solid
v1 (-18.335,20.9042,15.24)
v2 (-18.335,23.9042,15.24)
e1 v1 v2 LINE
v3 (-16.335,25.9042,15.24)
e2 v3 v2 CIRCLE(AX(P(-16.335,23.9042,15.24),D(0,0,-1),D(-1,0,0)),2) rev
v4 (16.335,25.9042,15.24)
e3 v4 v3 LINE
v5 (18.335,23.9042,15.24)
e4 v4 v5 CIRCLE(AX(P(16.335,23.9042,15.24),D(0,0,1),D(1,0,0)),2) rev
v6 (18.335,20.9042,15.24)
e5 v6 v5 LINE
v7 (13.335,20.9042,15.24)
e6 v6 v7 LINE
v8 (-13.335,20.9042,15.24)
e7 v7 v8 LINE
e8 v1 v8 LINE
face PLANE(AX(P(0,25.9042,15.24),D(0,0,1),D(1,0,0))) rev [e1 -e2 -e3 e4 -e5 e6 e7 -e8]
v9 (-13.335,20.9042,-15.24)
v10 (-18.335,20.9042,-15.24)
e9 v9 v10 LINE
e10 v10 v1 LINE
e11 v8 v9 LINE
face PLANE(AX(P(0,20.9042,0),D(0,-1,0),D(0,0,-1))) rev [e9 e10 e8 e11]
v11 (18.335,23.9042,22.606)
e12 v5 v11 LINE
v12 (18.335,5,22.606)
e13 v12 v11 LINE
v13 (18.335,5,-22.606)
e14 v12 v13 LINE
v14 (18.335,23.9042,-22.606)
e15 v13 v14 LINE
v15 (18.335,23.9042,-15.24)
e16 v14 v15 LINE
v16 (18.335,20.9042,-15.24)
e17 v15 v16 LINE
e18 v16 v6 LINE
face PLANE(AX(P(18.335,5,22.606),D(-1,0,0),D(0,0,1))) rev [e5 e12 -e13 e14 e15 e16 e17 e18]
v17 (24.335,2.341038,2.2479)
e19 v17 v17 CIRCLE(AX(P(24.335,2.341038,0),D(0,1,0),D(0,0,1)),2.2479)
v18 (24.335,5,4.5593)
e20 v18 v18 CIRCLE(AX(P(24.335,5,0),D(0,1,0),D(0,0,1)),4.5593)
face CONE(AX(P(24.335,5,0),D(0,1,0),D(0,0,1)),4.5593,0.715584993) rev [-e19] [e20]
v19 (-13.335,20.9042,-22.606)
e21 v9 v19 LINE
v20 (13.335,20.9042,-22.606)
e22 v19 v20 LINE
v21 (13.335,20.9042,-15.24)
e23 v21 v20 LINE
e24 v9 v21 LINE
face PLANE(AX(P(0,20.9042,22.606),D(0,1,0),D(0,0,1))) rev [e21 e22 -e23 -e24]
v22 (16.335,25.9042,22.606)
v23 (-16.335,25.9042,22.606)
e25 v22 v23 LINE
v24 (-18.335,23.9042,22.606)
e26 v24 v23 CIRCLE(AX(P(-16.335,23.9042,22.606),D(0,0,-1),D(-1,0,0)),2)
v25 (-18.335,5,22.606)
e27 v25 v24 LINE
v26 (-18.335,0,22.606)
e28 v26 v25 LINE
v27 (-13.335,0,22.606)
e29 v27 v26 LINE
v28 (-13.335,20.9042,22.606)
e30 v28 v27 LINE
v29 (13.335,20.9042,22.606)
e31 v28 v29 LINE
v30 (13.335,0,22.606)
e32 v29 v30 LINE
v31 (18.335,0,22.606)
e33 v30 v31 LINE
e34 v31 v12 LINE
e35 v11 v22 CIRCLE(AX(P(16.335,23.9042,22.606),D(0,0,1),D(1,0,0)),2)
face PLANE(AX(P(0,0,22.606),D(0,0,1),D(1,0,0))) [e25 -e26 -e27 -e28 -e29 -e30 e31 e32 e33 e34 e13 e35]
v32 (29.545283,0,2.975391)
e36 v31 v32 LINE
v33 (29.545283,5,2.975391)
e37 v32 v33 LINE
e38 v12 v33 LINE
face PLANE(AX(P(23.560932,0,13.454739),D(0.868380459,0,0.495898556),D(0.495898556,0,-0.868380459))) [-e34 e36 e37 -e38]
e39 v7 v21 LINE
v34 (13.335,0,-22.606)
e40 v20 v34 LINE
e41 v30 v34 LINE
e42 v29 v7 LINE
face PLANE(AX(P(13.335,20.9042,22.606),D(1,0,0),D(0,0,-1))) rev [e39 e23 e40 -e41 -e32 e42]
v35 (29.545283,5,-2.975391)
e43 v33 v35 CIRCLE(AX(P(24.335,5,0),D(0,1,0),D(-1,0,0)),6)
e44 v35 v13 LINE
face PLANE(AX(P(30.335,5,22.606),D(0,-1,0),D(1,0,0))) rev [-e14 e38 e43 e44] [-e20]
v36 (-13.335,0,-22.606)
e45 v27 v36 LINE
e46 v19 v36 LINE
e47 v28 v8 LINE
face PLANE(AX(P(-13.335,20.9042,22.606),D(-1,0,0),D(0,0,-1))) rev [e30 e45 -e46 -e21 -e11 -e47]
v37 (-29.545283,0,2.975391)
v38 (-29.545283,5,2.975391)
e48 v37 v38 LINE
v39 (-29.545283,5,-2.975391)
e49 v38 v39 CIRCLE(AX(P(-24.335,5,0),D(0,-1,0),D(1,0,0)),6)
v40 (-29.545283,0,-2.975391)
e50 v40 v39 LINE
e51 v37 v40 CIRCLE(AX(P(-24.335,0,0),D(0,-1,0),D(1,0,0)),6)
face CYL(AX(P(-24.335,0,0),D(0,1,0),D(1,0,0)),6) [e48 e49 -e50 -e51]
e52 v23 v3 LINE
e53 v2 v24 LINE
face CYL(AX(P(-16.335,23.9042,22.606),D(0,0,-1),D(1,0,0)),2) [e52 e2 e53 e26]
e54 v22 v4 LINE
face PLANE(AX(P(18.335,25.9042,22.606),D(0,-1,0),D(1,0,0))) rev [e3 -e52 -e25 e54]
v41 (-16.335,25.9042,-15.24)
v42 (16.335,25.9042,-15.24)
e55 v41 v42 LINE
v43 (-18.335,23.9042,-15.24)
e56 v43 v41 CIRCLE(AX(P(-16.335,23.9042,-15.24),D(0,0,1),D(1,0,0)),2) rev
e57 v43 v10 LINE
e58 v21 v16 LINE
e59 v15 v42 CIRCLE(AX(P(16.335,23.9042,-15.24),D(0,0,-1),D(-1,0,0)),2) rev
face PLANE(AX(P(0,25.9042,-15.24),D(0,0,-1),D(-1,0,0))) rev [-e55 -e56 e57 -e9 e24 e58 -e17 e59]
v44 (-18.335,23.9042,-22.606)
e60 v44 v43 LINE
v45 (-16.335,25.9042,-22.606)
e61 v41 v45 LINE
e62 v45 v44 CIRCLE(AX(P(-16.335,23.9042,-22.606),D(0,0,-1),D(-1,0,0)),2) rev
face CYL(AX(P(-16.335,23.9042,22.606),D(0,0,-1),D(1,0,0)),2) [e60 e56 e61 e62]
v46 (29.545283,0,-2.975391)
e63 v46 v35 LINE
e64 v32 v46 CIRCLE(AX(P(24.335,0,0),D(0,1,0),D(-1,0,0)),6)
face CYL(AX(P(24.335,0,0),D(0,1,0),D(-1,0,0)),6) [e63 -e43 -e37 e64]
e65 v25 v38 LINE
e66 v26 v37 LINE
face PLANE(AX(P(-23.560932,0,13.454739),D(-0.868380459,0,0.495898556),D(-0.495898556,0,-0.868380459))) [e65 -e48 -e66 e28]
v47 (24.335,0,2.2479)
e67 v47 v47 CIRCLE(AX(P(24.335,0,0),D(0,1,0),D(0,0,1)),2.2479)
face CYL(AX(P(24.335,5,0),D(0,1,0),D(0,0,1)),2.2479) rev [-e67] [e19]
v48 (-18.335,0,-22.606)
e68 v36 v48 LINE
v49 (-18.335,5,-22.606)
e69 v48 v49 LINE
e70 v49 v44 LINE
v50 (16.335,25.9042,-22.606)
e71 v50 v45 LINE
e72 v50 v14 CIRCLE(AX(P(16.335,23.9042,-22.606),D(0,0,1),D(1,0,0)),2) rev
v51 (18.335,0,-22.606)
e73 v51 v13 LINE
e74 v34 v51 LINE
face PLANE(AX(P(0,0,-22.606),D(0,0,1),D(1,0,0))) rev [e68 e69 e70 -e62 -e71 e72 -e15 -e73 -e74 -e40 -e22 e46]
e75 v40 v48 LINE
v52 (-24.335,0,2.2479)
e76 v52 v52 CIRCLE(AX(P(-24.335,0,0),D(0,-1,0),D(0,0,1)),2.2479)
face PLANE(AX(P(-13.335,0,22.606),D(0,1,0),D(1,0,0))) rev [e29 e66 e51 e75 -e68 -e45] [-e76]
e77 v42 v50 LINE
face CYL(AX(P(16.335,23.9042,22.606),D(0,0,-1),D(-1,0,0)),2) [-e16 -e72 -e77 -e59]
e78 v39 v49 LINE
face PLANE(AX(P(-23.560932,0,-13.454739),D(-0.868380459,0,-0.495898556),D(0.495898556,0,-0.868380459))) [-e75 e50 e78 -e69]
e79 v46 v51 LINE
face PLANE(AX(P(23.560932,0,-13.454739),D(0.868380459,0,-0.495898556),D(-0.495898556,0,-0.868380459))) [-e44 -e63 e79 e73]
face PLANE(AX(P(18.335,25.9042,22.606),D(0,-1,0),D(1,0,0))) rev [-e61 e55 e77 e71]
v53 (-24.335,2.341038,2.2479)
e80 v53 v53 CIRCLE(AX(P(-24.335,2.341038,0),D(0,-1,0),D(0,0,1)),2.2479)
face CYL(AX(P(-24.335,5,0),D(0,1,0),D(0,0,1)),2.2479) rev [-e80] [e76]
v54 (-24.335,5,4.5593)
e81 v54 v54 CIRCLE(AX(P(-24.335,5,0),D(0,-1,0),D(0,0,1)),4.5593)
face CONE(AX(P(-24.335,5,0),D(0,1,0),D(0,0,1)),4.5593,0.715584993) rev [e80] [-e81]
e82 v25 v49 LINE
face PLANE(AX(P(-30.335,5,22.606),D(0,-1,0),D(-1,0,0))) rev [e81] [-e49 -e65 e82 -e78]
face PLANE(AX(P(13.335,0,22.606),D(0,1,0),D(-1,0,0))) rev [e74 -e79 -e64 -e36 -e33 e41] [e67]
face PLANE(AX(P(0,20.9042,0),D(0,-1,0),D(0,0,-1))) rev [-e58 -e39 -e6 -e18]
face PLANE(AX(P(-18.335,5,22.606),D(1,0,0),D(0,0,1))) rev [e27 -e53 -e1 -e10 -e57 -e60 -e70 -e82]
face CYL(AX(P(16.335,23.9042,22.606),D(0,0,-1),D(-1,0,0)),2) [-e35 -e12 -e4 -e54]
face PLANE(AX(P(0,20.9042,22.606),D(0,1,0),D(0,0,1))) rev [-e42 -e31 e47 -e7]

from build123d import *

# Parameters (mm, degrees)
BOSS_EXTRUDE1_DEPTH = 22.606
SKETCH2_W           = 32.636558609
SKETCH2_H           = 30.48
CUT_EXTRUDE1_DEPTH  = 6
CUT_EXTRUDE2_DEPTH  = 6
FILLET1_R           = 2


with BuildPart() as part:
    # Sketch1 → Boss-Extrude1 (new body, symmetric)
    with BuildSketch(Plane.XY):
        Polygon((0, 20.9042), (13.335, 20.9042), (13.335, 0), (30.335, 0), (30.335, 5), (18.335, 5), (18.335, 25.9042), (0, 25.9042), align=None)
    extrude(amount=BOSS_EXTRUDE1_DEPTH, both=True)

    # Sketch2 → Cut-Extrude1 (cut, through all)
    with BuildSketch(Plane.XZ.offset(-20.9042)):
        with Locations((16.318279305, 0)):
            Rectangle(SKETCH2_W, SKETCH2_H)
    extrude(amount=-CUT_EXTRUDE1_DEPTH, mode=Mode.SUBTRACT)

    # Sketch4 → CSK for #8 Flat Head Socket Cap Screw1 (revolve, cut)
    with BuildSketch(Plane(origin=(24.335, 5, 0), x_dir=(0, 0, 1), z_dir=(1, 0, 0))):
        Polygon((0, 0), (0, 5), (2.2479, 5), (2.2479, 2.658961536), (4.5593, 0), align=None)
    revolve(axis=Axis((24.335, 11.35, 0), (0, -1, 0)), mode=Mode.SUBTRACT)

    # Sketch5 → Cut-Extrude2 (cut, through all)
    with BuildSketch(Plane(origin=(0, 5, 0), x_dir=(1, 0, 0), z_dir=(0, 1, 0))):
        with BuildLine():
            Line((30.335, 22.606), (18.335, 22.606))
            Line((18.335, 22.606), (29.545282756, 2.975391336))
            ThreePointArc((29.545282756, 2.975391336), (30.134211001, 1.539204912), (30.335, 2.1e-08))
            Line((30.335, 2.1e-08), (30.335, 22.606))
        make_face()
        with BuildLine():
            Line((30.335, -22.606), (30.335, 2.1e-08))
            ThreePointArc((30.335, 2.1e-08), (30.134211007, -1.539204892), (29.545282756, -2.975391336))
            Line((29.545282756, -2.975391336), (18.335, -22.606))
            Line((18.335, -22.606), (30.335, -22.606))
        make_face()
    extrude(amount=-CUT_EXTRUDE2_DEPTH, mode=Mode.SUBTRACT)

    # Fillet1
    fillet1_edges = [part.edges().sort_by_distance(p)[0] for p in [
        (18.335, 25.9042, 18.923),
        (18.335, 25.9042, -18.923),
    ]]
    fillet(fillet1_edges, radius=FILLET1_R)

    # Mirror1: part across plane


with BuildPart() as part_1:
    add(part.part)
    add(part.part.mirror(Plane(origin=(0, 0, 0), x_dir=(0, 0, 1), z_dir=(1, 0, 0))))


solid = part_1.part
